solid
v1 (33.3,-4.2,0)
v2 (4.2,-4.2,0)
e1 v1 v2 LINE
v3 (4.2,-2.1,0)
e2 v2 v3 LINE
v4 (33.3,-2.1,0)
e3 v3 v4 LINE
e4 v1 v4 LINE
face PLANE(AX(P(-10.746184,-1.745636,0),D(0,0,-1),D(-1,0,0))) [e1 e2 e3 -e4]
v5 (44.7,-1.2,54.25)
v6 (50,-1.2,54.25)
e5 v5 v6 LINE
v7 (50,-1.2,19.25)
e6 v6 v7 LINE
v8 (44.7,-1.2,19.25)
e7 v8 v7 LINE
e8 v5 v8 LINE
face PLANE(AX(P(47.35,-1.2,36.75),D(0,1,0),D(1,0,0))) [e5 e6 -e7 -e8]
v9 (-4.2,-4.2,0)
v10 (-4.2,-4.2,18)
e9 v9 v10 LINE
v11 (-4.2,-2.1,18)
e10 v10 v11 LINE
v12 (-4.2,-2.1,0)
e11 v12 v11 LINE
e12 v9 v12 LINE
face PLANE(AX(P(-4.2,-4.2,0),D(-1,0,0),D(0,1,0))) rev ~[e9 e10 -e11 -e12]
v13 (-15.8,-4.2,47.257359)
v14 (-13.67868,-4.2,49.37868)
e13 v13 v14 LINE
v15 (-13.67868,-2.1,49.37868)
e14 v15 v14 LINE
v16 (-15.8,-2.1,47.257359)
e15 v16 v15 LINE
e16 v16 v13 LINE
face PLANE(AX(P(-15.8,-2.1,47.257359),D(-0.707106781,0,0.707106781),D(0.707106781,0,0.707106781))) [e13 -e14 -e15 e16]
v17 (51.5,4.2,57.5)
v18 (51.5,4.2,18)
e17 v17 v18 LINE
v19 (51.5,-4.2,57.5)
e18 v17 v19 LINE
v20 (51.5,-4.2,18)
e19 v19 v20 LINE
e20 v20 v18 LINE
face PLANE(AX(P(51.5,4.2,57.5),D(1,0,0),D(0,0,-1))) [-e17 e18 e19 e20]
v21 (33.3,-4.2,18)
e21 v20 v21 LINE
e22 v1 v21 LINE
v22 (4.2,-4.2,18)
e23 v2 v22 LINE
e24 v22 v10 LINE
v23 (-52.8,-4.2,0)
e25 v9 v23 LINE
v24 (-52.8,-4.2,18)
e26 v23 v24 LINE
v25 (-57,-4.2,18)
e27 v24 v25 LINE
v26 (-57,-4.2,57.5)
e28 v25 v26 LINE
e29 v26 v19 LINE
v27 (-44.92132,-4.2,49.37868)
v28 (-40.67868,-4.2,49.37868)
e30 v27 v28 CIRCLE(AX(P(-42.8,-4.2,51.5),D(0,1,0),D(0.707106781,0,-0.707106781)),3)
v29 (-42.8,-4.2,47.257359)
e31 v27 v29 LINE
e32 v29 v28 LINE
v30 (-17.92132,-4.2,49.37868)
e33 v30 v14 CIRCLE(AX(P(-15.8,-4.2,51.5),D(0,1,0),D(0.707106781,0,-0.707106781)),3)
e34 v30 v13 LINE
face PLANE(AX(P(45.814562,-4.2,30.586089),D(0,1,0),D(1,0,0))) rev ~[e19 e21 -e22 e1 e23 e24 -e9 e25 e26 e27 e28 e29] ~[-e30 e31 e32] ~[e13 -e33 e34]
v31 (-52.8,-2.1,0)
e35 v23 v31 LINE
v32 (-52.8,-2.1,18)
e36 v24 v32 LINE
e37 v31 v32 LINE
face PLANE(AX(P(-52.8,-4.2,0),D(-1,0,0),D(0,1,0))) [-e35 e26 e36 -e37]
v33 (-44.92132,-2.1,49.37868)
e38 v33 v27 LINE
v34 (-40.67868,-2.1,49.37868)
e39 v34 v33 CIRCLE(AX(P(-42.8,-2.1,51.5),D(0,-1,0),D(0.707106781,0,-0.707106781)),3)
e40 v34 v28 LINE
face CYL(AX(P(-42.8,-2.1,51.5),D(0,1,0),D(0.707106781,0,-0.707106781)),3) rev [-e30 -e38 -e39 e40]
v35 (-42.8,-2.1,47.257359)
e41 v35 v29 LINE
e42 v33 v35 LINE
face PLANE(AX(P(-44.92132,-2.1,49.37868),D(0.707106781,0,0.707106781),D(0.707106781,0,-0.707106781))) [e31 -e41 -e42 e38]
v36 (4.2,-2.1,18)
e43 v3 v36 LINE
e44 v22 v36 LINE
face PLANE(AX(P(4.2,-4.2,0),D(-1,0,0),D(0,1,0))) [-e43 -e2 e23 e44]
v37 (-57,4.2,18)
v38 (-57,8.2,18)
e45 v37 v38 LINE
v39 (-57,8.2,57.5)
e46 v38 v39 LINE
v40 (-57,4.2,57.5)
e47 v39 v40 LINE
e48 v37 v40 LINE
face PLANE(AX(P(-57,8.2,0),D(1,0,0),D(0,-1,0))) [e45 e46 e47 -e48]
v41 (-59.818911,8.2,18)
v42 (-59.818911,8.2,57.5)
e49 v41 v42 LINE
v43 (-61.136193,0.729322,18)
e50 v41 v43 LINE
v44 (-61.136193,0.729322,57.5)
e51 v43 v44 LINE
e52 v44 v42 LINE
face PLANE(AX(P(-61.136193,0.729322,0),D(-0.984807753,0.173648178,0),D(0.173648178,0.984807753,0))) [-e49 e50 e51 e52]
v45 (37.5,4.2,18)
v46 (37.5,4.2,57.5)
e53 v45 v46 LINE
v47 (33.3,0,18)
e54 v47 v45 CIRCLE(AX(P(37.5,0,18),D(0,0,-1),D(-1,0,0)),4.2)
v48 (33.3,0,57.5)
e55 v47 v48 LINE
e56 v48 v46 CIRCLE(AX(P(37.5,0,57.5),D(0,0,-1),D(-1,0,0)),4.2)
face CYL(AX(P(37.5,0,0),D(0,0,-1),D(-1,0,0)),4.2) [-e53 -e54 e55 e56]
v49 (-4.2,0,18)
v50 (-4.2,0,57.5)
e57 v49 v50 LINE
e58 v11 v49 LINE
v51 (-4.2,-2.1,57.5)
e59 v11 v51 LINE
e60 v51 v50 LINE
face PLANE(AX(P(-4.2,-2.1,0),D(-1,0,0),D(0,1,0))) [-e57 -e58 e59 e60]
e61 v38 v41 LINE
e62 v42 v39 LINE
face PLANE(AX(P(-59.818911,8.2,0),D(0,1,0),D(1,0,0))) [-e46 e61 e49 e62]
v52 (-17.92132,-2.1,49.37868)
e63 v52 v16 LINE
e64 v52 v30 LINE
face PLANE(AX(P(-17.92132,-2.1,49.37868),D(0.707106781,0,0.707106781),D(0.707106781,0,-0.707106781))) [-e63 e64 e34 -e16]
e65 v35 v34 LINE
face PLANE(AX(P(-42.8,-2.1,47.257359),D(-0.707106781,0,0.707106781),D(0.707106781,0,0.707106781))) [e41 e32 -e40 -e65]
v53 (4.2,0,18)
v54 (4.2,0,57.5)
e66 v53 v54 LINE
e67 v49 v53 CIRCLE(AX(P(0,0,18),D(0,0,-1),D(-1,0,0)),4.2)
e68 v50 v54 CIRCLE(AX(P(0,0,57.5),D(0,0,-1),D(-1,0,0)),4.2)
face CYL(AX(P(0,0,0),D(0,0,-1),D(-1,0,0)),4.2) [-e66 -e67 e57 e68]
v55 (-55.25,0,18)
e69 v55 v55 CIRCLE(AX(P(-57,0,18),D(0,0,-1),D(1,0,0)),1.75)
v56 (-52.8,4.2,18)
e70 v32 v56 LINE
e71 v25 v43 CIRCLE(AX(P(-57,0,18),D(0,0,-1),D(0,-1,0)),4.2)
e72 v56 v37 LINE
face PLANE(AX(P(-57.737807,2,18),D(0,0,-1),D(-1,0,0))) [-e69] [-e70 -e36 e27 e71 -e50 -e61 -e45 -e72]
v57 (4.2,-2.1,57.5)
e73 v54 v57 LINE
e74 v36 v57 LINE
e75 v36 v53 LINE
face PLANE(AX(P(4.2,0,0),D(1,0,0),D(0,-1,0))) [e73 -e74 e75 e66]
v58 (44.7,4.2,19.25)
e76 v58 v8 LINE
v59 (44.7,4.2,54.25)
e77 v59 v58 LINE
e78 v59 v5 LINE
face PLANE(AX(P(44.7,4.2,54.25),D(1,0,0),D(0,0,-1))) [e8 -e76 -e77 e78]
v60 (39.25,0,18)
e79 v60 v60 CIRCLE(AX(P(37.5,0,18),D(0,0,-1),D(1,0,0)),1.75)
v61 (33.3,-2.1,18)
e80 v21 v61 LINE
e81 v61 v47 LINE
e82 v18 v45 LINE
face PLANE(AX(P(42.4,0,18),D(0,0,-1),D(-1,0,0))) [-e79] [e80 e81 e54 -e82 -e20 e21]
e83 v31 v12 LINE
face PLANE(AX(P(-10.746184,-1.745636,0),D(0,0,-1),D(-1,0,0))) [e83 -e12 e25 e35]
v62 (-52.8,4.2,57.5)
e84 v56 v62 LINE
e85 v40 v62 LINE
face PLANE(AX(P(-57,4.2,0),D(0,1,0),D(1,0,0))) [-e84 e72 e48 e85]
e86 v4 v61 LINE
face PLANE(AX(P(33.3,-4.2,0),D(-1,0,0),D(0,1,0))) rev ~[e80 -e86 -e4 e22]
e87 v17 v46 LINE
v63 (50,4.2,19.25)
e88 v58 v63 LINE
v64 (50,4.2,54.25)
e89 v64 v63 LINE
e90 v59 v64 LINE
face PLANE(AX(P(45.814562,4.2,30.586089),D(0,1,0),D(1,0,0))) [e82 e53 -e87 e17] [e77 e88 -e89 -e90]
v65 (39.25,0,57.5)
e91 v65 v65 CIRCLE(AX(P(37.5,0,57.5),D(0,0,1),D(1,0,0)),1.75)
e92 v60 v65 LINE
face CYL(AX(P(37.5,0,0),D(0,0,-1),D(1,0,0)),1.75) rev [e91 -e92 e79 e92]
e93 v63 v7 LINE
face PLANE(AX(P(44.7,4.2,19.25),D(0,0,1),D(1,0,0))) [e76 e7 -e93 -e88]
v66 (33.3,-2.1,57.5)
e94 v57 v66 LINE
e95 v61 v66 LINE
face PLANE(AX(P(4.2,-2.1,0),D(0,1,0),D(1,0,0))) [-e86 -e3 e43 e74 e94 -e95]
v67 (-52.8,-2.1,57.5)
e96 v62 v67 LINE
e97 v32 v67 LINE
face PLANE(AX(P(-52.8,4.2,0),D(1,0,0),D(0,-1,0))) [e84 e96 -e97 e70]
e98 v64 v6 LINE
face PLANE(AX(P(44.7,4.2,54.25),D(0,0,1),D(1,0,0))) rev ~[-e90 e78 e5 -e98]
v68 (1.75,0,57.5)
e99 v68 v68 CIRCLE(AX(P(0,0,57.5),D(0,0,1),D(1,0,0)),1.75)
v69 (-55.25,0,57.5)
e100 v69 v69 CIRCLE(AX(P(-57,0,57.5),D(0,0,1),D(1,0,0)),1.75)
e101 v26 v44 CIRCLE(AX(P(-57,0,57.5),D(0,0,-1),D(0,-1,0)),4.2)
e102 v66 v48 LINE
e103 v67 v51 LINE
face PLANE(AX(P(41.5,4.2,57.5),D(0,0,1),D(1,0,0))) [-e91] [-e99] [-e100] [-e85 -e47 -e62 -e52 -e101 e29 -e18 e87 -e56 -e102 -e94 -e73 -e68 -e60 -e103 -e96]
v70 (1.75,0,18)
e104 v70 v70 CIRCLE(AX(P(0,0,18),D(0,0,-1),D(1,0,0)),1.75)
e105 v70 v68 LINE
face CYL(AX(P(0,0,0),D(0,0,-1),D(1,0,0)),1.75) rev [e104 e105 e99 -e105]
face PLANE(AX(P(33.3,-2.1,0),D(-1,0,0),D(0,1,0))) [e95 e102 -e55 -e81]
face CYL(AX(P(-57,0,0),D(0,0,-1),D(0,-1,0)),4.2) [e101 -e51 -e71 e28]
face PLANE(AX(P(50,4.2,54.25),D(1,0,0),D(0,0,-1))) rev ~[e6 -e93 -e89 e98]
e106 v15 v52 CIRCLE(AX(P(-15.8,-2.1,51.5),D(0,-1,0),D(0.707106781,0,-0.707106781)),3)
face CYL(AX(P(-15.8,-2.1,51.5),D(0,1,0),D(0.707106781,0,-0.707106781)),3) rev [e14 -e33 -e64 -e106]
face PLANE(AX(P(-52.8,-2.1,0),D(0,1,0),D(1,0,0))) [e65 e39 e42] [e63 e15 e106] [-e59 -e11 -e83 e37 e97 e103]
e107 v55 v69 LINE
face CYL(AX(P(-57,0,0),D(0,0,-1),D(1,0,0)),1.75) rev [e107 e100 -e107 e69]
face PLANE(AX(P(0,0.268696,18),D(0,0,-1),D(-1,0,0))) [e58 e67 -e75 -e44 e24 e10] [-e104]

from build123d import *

# Parameters (mm, degrees)
SKETCH1_R           = 1.75
BOSS_EXTRUDE1_DEPTH = 57.5
BOSS_EXTRUDE2_DEPTH = 8.4
SKETCH3_W           = 5.3
SKETCH3_H           = 35
CUT_EXTRUDE1_DEPTH  = 5.4
CUT_EXTRUDE2_DEPTH  = 3.1
SKETCH5_W           = 18.2
SKETCH5_H           = 8.4
SKETCH5_W_2         = 8.4
SKETCH5_H_2         = 8.937392322
SKETCH5_W_3         = 9.875614017
SKETCH5_H_3         = 12.4
CUT_EXTRUDE3_DEPTH  = 18
LPATTERN1_COUNT     = 2
LPATTERN1_PITCH     = 27


with BuildPart() as part:
    # Sketch1 → Boss-Extrude1 (new body)
    with BuildSketch(Plane.XY):
        with BuildLine():
            Line((-52.8, -2.1), (-4.2, -2.1))
            Line((-4.2, -2.1), (-4.2, 0))
            ThreePointArc((-4.2, 0), (0, 4.2), (4.2, 0))
            Line((4.2, 0), (4.2, -2.1))
            Line((4.2, -2.1), (33.3, -2.1))
            Line((33.3, -2.1), (33.3, 0))
            ThreePointArc((33.3, 0), (34.530151519, 2.969848481), (37.5, 4.2))
            Line((37.5, 4.2), (41.5, 4.2))
            Line((41.5, 4.2), (41.5, -4.2))
            Line((41.5, -4.2), (-57, -4.2))
            ThreePointArc((-57, -4.2), (-60.217386661, -2.699707961), (-61.136192563, 0.729322346))
            Line((-61.136192563, 0.729322346), (-59.818910528, 8.2))
            Line((-59.818910528, 8.2), (-57, 8.2))
            Line((-57, 8.2), (-57, 4.2))
            Line((-57, 4.2), (-52.8, 4.2))
            Line((-52.8, 4.2), (-52.8, -2.1))
        make_face()
        Circle(SKETCH1_R, mode=Mode.SUBTRACT)
        with Locations((-57, 0)):
            Circle(SKETCH1_R, mode=Mode.SUBTRACT)
        with Locations((37.5, 0)):
            Circle(SKETCH1_R, mode=Mode.SUBTRACT)
    extrude(amount=BOSS_EXTRUDE1_DEPTH)

    # Sketch2 → Boss-Extrude2 (add)
    with BuildSketch(Plane(origin=(0, 4.2, 0), x_dir=(1, 0, 0), z_dir=(0, 1, 0))):
        Polygon((41.5, -57.5), (51.5, -57.5), (51.5, -17.5), (41.5, 0), align=None)
    extrude(amount=-BOSS_EXTRUDE2_DEPTH)

    # Sketch3 → Cut-Extrude1 (cut)
    with BuildSketch(Plane(origin=(0, 4.2, 0), x_dir=(1, 0, 0), z_dir=(0, 1, 0))):
        with Locations((47.35, -36.75)):
            Rectangle(SKETCH3_W, SKETCH3_H)
    extrude(amount=-CUT_EXTRUDE1_DEPTH, mode=Mode.SUBTRACT)

    # Sketch4 → Cut-Extrude2 (cut, through all)
    with BuildSketch(Plane(origin=(0, -2.1, 0), x_dir=(1, 0, 0), z_dir=(0, 1, 0))):
        with BuildLine():
            Line((-44.921320344, -49.378679656), (-42.8, -47.257359313))
            Line((-42.8, -47.257359313), (-40.678679656, -49.378679656))
            ThreePointArc((-40.678679656, -49.378679656), (-42.8, -54.5), (-44.921320344, -49.378679656))
        make_face()
    cut_extrude2 = extrude(amount=-CUT_EXTRUDE2_DEPTH, mode=Mode.SUBTRACT)

    # Sketch5 → Cut-Extrude3 (cut)
    with BuildSketch(Plane(origin=(0, 0, 0), x_dir=(-1, 0, 0), z_dir=(0, 0, -1))):
        with Locations((-42.4, 0)):
            Rectangle(SKETCH5_W, SKETCH5_H)
        with Locations((0, 0.268696161)):
            Rectangle(SKETCH5_W_2, SKETCH5_H_2)
        with Locations((57.737807008, 2)):
            Rectangle(SKETCH5_W_3, SKETCH5_H_3)
    extrude(amount=-CUT_EXTRUDE3_DEPTH, mode=Mode.SUBTRACT)

    # LPattern1: Cut-Extrude2 ×2
    with Locations(*[(i * LPATTERN1_PITCH, 0, 0) for i in range(1, LPATTERN1_COUNT)]):
        add(cut_extrude2, mode=Mode.SUBTRACT)


solid = part.part
